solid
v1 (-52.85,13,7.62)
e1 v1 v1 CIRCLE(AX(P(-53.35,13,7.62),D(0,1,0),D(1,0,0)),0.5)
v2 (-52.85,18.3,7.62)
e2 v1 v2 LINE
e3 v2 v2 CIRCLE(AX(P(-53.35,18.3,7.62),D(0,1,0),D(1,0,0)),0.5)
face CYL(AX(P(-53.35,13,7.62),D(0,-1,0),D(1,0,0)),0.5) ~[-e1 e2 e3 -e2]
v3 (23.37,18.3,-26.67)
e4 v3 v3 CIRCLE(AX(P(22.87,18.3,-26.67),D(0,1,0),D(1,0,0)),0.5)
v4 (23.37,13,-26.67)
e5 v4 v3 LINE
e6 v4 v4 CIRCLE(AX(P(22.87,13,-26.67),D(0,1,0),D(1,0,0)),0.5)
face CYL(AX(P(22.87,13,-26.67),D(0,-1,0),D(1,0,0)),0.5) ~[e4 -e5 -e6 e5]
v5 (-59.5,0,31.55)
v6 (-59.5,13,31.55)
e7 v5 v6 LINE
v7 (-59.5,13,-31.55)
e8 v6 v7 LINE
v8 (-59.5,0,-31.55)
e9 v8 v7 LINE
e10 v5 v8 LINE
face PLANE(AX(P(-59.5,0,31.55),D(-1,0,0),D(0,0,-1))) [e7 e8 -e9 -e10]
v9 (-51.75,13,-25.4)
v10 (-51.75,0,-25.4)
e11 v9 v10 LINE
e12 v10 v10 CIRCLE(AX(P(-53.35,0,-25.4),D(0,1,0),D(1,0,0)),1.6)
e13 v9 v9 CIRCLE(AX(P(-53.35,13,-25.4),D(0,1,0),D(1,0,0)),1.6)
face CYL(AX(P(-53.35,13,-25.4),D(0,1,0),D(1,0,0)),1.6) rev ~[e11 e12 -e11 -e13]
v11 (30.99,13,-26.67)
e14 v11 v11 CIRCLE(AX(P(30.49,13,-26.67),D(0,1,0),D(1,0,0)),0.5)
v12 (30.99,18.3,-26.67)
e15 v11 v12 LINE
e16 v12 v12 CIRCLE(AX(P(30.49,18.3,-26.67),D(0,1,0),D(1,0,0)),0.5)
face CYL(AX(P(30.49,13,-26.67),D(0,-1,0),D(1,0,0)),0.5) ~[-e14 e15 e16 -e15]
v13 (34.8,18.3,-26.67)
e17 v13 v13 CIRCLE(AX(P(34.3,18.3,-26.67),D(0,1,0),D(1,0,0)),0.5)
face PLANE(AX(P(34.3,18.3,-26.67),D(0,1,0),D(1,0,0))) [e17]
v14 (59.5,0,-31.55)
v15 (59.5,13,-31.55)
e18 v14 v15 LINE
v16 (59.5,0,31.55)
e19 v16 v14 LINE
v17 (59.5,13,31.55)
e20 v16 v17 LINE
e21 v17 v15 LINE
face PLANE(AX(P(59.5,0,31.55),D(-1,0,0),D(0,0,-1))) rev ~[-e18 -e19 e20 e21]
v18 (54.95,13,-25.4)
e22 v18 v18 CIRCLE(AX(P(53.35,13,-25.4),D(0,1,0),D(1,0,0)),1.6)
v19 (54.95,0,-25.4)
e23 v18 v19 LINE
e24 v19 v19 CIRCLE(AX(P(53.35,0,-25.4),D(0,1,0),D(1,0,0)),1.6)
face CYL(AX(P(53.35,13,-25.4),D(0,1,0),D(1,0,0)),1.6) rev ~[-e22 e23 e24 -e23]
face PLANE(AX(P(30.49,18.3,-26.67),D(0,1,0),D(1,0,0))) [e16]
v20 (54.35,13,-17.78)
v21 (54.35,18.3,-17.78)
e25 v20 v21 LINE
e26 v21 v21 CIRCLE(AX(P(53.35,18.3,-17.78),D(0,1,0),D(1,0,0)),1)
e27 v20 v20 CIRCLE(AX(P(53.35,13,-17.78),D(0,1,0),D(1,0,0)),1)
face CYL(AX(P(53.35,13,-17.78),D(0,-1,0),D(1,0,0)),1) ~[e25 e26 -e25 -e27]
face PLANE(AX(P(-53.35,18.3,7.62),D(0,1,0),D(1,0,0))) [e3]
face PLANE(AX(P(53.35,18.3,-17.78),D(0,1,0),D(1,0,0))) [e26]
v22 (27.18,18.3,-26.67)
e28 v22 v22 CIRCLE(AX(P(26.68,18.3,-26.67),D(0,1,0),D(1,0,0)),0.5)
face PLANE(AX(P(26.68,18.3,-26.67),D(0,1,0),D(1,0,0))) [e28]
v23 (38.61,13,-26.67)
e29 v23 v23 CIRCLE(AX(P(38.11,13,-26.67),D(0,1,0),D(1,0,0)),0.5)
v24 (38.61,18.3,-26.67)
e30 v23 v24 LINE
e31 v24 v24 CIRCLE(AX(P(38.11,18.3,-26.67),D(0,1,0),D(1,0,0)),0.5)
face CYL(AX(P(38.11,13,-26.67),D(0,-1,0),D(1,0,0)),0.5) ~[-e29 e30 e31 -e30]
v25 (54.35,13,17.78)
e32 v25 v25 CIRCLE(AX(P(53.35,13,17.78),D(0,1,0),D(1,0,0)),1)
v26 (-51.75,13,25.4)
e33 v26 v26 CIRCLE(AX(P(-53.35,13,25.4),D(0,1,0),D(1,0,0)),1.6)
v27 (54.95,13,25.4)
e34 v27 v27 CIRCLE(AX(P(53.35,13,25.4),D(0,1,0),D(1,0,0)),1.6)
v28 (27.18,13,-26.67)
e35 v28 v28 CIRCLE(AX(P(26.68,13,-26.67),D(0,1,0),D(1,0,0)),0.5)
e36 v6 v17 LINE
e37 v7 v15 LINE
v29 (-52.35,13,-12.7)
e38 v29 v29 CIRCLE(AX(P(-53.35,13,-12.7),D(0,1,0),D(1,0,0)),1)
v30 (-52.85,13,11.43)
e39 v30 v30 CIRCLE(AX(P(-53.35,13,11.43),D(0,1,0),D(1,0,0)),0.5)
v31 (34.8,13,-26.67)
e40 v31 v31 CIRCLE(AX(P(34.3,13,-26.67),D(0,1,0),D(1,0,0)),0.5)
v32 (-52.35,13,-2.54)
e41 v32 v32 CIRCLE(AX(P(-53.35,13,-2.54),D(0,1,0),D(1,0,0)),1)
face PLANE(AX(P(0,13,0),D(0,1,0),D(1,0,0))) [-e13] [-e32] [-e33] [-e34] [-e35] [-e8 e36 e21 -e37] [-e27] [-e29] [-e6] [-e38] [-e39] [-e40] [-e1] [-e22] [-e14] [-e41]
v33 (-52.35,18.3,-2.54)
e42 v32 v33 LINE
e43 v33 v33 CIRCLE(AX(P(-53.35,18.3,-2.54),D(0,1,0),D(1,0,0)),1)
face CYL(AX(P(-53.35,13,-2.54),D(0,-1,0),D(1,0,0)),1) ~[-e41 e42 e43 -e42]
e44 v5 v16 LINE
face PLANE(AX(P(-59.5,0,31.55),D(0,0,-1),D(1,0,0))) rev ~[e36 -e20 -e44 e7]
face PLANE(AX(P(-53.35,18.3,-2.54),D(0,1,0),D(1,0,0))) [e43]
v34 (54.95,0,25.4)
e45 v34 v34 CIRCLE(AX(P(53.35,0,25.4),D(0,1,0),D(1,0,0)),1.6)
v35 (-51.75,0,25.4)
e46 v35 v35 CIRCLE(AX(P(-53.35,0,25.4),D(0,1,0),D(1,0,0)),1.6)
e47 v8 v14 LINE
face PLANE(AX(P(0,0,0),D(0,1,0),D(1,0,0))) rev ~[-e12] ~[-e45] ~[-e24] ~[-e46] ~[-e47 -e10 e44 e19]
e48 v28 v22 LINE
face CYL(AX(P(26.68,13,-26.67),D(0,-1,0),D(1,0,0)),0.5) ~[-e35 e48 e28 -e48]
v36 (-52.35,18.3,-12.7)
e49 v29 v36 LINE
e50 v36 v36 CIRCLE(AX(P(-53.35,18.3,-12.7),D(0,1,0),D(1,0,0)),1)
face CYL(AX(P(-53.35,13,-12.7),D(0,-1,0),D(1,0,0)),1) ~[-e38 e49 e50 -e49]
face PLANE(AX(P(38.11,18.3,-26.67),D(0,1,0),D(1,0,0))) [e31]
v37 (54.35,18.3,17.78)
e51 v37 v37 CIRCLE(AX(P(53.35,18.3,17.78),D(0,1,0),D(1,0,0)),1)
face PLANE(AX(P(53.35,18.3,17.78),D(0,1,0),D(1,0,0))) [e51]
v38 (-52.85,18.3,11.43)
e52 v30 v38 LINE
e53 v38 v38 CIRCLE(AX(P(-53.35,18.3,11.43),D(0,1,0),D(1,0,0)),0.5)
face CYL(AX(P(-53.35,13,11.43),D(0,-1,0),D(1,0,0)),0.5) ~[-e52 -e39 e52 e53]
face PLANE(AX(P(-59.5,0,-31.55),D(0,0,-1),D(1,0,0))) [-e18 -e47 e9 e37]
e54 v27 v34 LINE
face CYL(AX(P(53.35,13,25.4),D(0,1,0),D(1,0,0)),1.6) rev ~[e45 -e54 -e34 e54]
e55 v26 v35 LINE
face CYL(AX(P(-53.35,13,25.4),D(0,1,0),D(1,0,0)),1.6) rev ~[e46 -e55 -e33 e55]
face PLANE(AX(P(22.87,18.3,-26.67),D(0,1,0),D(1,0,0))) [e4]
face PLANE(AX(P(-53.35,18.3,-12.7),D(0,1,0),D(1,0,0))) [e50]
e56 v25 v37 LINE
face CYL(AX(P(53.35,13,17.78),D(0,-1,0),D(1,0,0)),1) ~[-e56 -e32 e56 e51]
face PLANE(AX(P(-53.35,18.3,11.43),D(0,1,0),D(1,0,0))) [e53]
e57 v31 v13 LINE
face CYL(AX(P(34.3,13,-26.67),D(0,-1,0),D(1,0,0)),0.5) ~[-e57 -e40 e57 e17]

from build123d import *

# Parameters (mm, degrees)
SKETCH_1_W          = 119
SKETCH_1_H          = 63.1
EXTRUDE_1_DEPTH     = 13
SKETCH_2_R          = 1.6
CUT_EXTRUDE_2_DEPTH = 13
SKETCH_3_R          = 1
EXTRUDE_2_DEPTH     = 5.3
SKETCH_4_R          = 0.5
EXTRUDE_3_DEPTH     = 5.3


with BuildPart() as part:
    # 草图1 → 凸台-拉伸1 (new body)
    with BuildSketch(Plane(origin=(0, 0, 0), x_dir=(1, 0, 0), z_dir=(0, 1, 0))):
        Rectangle(SKETCH_1_W, SKETCH_1_H)
    extrude(amount=EXTRUDE_1_DEPTH)

    # 草图2 → 切除-拉伸2 (cut)
    with BuildSketch(Plane(origin=(0, 13, 0), x_dir=(1, 0, 0), z_dir=(0, 1, 0))):
        with Locations((53.35, 25.4)):
            Circle(SKETCH_2_R)
        with Locations((53.35, -25.4)):
            Circle(SKETCH_2_R)
        with Locations((-53.35, 25.4)):
            Circle(SKETCH_2_R)
        with Locations((-53.35, -25.4)):
            Circle(SKETCH_2_R)
    extrude(amount=-CUT_EXTRUDE_2_DEPTH, mode=Mode.SUBTRACT)

    # 草图3 → 凸台-拉伸2 (add)
    with BuildSketch(Plane(origin=(0, 13, 0), x_dir=(1, 0, 0), z_dir=(0, 1, 0))):
        with Locations((53.35, 17.78)):
            Circle(SKETCH_3_R)
        with Locations((53.35, -17.78)):
            Circle(SKETCH_3_R)
        with Locations((-53.35, 12.7)):
            Circle(SKETCH_3_R)
        with Locations((-53.35, 2.54)):
            Circle(SKETCH_3_R)
    extrude(amount=EXTRUDE_2_DEPTH)

    # 草图4 → 凸台-拉伸3 (add)
    with BuildSketch(Plane(origin=(0, 13, 0), x_dir=(1, 0, 0), z_dir=(0, 1, 0))):
        with Locations((-53.35, -7.62)):
            Circle(SKETCH_4_R)
        with Locations((-53.35, -11.43)):
            Circle(SKETCH_4_R)
        with Locations((34.3, 26.67)):
            Circle(SKETCH_4_R)
        with Locations((38.11, 26.67)):
            Circle(SKETCH_4_R)
        with Locations((30.49, 26.67)):
            Circle(SKETCH_4_R)
        with Locations((26.68, 26.67)):
            Circle(SKETCH_4_R)
        with Locations((22.87, 26.67)):
            Circle(SKETCH_4_R)
    extrude(amount=EXTRUDE_3_DEPTH)


solid = part.part
